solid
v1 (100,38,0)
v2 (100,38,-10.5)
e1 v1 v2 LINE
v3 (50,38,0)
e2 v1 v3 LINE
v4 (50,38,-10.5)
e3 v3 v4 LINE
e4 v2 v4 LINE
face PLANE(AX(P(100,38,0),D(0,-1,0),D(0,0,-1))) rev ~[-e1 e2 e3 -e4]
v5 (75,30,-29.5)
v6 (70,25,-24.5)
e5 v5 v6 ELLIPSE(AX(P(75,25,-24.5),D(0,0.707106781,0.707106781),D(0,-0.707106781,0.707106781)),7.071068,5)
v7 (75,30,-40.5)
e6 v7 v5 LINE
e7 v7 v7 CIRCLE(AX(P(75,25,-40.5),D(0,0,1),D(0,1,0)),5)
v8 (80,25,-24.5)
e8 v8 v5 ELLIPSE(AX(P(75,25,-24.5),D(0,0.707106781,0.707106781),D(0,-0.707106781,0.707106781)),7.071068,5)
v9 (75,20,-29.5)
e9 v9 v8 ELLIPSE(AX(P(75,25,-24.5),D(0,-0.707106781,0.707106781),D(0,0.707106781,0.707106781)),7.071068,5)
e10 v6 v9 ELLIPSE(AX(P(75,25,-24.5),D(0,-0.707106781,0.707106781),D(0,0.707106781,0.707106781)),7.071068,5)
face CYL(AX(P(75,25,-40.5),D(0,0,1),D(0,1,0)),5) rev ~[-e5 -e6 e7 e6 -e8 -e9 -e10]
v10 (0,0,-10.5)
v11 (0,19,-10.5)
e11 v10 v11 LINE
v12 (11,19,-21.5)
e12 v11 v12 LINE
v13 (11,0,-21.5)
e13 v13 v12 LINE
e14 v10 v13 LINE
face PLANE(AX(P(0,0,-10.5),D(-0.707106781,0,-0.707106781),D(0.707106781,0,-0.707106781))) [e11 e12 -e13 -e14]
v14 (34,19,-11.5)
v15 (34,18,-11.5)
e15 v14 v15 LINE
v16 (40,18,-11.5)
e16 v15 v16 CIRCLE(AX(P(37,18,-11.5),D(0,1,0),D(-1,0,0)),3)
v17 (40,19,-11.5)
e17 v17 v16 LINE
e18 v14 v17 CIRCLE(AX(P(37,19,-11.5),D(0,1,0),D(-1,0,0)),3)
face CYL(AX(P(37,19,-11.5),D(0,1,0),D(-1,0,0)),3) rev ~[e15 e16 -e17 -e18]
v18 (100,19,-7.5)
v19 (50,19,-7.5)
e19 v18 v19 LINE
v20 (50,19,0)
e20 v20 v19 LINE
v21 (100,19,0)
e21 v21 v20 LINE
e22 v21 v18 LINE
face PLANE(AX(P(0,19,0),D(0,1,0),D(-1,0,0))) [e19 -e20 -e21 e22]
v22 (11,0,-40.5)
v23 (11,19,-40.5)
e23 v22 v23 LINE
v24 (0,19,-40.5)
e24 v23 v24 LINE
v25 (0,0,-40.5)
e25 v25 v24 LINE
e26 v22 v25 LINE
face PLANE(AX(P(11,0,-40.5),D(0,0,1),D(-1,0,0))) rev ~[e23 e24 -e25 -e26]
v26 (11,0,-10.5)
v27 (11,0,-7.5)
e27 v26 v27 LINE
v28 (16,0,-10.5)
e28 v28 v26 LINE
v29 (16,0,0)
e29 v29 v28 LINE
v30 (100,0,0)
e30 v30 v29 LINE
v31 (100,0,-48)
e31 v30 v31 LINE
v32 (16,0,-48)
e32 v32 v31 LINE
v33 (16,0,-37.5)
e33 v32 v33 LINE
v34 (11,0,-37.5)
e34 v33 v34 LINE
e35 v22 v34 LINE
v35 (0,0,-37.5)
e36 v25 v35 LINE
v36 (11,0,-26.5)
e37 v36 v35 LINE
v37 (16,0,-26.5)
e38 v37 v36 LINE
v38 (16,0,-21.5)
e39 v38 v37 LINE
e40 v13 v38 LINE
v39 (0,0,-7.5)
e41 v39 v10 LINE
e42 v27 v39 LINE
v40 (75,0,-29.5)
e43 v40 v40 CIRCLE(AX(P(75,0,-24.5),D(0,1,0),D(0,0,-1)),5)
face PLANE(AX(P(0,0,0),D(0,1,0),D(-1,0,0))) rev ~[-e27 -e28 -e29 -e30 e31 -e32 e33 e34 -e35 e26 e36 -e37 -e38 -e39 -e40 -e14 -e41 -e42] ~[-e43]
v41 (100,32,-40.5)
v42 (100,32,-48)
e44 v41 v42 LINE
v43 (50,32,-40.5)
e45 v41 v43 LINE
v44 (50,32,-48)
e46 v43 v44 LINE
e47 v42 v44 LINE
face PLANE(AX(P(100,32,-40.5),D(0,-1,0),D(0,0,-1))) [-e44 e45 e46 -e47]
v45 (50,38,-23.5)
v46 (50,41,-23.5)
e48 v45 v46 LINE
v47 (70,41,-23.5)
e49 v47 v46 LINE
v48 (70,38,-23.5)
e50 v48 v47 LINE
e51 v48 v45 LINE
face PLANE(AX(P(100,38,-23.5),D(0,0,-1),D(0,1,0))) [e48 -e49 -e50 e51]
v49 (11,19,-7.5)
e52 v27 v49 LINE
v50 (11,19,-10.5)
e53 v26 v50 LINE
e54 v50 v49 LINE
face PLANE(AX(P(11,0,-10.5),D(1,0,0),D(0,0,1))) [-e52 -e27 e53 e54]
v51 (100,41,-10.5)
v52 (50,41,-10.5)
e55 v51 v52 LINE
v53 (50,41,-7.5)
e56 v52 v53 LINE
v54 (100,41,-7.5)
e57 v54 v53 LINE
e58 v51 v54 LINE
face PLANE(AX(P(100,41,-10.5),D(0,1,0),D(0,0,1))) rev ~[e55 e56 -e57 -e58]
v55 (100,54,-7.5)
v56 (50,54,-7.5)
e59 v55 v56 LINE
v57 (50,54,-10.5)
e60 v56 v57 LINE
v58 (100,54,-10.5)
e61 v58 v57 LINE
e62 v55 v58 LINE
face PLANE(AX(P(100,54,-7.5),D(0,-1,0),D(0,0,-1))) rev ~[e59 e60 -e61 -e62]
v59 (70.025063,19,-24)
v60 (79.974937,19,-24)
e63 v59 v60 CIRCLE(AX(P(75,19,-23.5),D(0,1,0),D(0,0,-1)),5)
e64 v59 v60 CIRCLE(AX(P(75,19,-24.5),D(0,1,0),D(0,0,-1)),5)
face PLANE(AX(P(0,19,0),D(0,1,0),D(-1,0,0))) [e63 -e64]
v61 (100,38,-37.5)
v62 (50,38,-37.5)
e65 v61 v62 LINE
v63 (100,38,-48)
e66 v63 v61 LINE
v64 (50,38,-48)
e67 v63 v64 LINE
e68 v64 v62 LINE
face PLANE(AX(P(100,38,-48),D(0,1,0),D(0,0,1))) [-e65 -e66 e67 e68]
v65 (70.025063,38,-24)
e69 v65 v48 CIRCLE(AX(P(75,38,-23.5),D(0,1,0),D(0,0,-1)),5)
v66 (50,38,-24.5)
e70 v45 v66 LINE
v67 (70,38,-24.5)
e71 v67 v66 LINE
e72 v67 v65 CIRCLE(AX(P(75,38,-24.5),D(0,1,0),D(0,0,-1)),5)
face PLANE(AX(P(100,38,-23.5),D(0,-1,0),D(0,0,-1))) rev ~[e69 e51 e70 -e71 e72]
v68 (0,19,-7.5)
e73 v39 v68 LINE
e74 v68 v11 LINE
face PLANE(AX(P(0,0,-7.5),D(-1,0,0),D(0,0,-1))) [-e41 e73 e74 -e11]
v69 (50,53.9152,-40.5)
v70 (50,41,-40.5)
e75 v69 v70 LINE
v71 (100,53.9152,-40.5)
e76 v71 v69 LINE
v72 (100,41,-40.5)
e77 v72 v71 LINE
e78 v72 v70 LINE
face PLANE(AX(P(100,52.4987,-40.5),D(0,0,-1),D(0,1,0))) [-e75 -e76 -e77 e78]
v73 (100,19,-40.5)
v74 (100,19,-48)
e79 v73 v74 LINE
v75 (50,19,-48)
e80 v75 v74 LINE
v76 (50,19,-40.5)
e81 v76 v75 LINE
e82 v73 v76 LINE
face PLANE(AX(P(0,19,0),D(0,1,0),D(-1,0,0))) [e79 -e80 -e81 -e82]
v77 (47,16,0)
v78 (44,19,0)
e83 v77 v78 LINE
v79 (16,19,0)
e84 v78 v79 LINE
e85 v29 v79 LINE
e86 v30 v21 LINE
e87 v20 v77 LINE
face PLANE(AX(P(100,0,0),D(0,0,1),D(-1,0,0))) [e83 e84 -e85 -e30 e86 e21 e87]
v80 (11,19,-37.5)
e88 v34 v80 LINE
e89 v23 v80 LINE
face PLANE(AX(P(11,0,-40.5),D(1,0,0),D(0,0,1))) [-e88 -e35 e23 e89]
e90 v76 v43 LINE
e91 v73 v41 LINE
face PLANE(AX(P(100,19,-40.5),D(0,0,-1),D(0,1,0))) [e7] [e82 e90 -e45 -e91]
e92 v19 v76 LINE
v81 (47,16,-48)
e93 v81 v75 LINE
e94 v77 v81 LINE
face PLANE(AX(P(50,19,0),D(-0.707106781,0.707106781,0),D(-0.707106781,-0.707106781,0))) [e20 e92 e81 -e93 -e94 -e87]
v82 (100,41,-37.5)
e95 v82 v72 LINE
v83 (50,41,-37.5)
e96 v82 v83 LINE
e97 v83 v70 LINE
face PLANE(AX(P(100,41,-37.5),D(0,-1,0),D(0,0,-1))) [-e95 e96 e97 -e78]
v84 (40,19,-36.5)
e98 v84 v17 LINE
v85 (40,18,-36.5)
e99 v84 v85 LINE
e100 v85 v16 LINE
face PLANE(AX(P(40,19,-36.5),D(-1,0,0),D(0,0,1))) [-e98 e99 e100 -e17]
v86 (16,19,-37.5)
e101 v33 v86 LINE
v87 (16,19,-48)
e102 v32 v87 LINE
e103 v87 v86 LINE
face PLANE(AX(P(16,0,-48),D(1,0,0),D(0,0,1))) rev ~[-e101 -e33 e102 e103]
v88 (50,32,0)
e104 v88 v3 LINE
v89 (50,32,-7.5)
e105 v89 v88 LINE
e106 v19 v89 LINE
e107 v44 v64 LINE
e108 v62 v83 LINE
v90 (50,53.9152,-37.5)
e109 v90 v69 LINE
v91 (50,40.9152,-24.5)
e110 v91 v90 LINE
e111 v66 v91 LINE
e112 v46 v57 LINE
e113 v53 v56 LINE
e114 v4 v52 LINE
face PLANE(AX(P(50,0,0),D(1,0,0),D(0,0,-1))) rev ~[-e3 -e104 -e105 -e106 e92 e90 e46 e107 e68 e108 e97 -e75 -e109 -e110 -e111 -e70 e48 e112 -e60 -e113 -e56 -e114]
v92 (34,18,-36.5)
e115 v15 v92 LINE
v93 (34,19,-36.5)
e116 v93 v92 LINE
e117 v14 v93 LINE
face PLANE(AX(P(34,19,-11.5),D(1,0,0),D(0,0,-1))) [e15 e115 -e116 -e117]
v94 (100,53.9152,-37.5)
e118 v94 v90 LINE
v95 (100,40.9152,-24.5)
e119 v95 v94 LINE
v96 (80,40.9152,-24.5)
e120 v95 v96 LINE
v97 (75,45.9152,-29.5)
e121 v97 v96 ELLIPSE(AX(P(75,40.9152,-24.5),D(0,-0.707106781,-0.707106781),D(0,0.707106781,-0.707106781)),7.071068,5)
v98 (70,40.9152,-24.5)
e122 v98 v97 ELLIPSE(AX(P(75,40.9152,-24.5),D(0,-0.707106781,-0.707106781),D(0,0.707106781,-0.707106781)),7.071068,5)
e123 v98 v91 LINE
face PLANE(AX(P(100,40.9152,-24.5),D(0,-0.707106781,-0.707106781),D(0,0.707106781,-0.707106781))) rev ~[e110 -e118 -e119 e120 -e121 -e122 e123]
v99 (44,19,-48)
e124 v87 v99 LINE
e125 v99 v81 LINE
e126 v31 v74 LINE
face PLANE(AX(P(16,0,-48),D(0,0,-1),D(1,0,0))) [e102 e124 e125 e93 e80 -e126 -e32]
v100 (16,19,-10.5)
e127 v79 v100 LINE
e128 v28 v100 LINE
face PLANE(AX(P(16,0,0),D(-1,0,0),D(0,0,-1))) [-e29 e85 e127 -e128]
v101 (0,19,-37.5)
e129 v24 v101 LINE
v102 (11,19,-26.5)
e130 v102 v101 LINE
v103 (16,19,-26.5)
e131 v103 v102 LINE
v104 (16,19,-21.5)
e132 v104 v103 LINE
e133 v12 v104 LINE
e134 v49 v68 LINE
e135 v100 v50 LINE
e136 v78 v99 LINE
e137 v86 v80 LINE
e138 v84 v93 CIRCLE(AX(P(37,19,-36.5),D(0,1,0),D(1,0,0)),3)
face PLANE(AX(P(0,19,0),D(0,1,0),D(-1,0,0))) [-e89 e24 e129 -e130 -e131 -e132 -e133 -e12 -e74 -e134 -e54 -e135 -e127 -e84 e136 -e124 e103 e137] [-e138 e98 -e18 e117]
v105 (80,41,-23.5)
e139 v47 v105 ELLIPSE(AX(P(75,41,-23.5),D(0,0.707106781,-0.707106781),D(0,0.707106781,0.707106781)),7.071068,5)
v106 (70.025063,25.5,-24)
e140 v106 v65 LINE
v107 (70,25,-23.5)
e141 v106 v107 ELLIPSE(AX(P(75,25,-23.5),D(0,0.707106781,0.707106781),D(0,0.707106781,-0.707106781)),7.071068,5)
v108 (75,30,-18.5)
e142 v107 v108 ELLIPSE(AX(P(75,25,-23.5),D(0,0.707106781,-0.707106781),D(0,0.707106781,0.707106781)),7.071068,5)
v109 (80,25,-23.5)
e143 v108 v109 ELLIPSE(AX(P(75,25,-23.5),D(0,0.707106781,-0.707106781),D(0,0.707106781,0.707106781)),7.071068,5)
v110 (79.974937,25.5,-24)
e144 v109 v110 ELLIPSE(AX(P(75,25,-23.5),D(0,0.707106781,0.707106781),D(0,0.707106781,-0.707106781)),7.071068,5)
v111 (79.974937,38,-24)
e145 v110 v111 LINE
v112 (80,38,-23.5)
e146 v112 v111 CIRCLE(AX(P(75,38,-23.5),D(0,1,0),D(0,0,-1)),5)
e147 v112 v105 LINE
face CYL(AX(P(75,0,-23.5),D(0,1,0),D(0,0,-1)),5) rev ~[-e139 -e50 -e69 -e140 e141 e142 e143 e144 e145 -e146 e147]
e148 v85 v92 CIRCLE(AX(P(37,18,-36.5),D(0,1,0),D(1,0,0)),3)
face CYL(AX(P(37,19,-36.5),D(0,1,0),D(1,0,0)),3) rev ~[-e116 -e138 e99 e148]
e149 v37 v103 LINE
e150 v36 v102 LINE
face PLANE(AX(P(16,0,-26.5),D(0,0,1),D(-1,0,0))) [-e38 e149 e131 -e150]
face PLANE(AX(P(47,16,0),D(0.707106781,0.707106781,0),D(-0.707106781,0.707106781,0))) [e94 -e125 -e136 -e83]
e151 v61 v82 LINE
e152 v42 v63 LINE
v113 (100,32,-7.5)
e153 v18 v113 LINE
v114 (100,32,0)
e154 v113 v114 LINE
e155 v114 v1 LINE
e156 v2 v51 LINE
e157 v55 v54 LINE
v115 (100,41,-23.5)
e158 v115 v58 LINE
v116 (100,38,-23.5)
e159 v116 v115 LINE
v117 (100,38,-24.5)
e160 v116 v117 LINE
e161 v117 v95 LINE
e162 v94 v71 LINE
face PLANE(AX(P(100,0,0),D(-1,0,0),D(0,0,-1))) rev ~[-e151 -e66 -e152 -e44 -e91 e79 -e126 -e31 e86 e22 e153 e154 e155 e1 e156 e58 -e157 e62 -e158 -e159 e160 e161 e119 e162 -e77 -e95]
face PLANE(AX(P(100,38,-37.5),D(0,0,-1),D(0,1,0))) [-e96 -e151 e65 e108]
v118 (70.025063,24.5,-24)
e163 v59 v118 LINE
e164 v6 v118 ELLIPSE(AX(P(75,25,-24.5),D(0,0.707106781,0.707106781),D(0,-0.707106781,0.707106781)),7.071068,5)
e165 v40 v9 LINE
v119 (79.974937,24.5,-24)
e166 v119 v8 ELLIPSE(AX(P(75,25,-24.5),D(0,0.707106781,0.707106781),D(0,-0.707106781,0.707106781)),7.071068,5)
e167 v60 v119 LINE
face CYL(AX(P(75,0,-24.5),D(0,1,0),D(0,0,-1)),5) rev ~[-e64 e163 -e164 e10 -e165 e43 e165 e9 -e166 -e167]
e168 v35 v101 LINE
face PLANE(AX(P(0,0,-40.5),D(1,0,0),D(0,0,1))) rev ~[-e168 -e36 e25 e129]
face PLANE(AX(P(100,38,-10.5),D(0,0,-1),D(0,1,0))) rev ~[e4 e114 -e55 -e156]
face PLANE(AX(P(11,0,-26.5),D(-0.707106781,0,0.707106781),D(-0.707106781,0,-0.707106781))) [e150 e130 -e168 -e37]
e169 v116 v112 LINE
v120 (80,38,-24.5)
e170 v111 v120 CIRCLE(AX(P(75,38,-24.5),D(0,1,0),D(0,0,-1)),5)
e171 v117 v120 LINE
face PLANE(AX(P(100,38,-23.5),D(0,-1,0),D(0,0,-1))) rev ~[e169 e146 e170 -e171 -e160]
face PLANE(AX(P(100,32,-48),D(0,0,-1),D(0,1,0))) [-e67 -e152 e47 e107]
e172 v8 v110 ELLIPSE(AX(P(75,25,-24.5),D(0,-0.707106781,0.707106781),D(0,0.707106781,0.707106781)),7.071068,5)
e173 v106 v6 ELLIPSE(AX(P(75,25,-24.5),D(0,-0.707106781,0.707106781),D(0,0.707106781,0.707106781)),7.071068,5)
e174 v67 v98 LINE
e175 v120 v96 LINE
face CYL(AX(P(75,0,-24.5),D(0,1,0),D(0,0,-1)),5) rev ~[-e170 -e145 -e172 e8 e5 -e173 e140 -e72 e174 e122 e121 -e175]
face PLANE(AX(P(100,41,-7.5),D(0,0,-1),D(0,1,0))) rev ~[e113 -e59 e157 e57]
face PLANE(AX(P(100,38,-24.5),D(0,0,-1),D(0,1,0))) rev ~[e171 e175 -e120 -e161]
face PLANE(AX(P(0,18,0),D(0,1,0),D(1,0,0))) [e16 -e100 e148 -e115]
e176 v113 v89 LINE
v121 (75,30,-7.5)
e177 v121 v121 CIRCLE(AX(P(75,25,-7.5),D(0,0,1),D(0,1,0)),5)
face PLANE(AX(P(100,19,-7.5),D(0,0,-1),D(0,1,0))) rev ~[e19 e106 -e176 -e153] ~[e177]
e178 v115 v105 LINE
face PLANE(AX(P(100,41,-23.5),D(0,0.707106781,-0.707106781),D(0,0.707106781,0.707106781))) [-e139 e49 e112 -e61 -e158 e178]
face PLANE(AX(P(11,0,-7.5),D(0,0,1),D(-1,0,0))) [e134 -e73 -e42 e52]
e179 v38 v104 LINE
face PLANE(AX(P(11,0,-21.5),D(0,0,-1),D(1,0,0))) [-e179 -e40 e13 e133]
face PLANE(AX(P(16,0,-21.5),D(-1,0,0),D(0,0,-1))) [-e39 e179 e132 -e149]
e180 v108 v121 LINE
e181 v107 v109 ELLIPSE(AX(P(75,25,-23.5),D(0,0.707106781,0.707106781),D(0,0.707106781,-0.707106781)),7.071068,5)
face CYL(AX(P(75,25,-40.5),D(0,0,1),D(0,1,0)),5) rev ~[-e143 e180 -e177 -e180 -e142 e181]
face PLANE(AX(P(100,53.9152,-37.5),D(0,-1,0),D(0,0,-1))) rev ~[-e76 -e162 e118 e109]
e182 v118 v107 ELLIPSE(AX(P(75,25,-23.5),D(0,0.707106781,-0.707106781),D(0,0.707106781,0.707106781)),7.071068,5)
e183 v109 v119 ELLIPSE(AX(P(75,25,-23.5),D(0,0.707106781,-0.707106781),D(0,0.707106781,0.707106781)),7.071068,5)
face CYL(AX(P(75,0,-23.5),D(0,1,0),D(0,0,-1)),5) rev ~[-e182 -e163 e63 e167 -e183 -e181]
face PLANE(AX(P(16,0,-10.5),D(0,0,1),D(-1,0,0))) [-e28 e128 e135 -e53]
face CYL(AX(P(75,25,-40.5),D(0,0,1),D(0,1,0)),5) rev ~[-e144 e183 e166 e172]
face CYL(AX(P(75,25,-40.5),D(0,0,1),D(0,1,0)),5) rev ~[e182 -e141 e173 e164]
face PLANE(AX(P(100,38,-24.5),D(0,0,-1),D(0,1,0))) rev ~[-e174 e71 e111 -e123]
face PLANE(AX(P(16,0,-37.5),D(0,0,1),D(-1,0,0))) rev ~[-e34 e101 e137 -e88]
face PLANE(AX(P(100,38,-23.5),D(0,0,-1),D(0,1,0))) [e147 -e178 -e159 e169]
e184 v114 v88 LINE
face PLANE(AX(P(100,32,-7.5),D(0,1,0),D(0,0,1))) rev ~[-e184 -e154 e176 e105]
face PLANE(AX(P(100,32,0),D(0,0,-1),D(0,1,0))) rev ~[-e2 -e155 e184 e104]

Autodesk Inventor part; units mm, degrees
ref_plane "YZ Plane" through (0, 0, 0) normal (1, 0, 0) x (0, 1, 0)
ref_plane "XZ Plane" through (0, 0, 0) normal (0, 1, 0) x (-1, 0, 0)
ref_plane "XY Plane" through (0, 0, 0) normal (0, 0, 1) x (1, 0, 0)
sketch "Szkic1" plane through (0, 0, 0) normal (0, 1, 0) x (-1, 0, 0)
  line L0 (-100, 0) -> (-100, -48)
  line L1 (-11, -7.5) -> (0, -7.5)
  line L2 (-11, -40.5) -> (0, -40.5)
  line L3 (-16, 0) -> (-16, -10.5)
  line L4 (-16, -10.5) -> (-11, -10.5)
  line L5 (-16, -48) -> (-16, -37.5)
  line L6 (-16, -37.5) -> (-11, -37.5)
  line L7 (-11, -21.5) -> (-16, -21.5)
  line L8 (-16, -21.5) -> (-16, -26.5)
  line L9 (-16, -26.5) -> (-11, -26.5)
  line L10 (0, -7.5) -> (0, -14.4549)
  line L11 (0, -40.5) -> (0, -37.5)
  line L12 (0, -7.5) -> (0, -10.5)
  line L13 (0, -10.5) -> (-11, -21.5)
  line L14 (-11, -26.5) -> (0, -37.5)
  line L15 (-100, 0) -> (-100, -48)
  line L16 (-100, 0) -> (-16, 0)
  line L17 (-16, -10.5) -> (-16, 0)
  line L18 (-16, -10.5) -> (-11, -10.5)
  line L19 (-11, -10.5) -> (-11, -7.5)
  line L20 (-11, -7.5) -> (0, -7.5)
  line L21 (0, -7.5) -> (0, -10.5)
  line L22 (0, -10.5) -> (-11, -21.5)
  line L23 (-11, -21.5) -> (-16, -21.5)
  line L24 (-16, -21.5) -> (-16, -26.5)
  line L25 (-16, -26.5) -> (-11, -26.5)
  line L26 (-11, -26.5) -> (0, -37.5)
  line L27 (0, -37.5) -> (0, -40.5)
  line L28 (0, -40.5) -> (-11, -40.5)
  line L29 (-11, -40.5) -> (-11, -37.5)
  line L30 (-11, -37.5) -> (-16, -37.5)
  line L31 (-16, -37.5) -> (-16, -48)
  line L32 (-16, -48) -> (-100, -48)
  line L33 (-100, -48) -> (-100, 0)
  point P0 (0, 0)
  dimension "d1" = 48
  dimension "d2" = 11
  dimension "d5" = 5
  dimension "d6" = 10.5
  dimension "d7" = 10.5
  dimension "d8" = 5
  dimension "d10" = 11
  dimension "d11" = 5
  dimension "d12" = 5
  dimension "d15" = 3
  dimension "d16" = 3
  dimension "d77" = 90
ref_plane "Płaszczyzna konstrukcyjna8" through (100, 0, -48) normal (0, 0, -1) x (-1, 0, 0)
ref_plane "Płaszczyzna konstrukcyjna9" through (100, 0, 0) normal (1, 0, 0) x (0, 0, -1)
sketch "Szkic6" plane through (100, 0, 0) normal (1, 0, 0) x (0, 0, -1)
  line L0 (0, 19) -> (48, 19) projected
  line L1 (7.5, 19) -> (40.5, 19)
  line L2 (7.5, 19) -> (7.5, 32)
  line L3 (7.5, 32) -> (0, 32)
  line L4 (0, 32) -> (0, 38)
  line L5 (0, 38) -> (10.5, 38)
  line L6 (10.5, 38) -> (10.5, 41)
  line L7 (10.5, 41) -> (7.5, 41)
  line L8 (0, 0) -> (48, 0) projected
  line L9 (40.5, 19) -> (40.5, 32)
  line L10 (40.5, 32) -> (48, 32)
  line L11 (48, 32) -> (48, 38)
  line L12 (48, 38) -> (37.5, 38)
  line L13 (37.5, 38) -> (37.5, 41)
  line L14 (37.5, 41) -> (40.5, 41)
  line L15 (24.0424, 40.4576) -> (10.5, 54)
  line L16 (23.97, 39) -> (43.1219, 39) construction
  line L17 (24.0424, 40.4576) -> (37.5, 53.9152)
  line L18 (7.5, 41) -> (7.5, 52.5)
  line L19 (7.5, 54) -> (10.5, 54)
  line L20 (37.5, 53.9152) -> (40.5, 53.9152)
  line L21 (40.5, 52.4987) -> (40.5, 41)
  line L22 (23.5, 38) -> (24.5, 38)
  line L23 (23.5, 38) -> (23.5, 41)
  line L24 (24.5, 38) -> (24.5, 41)
  line L25 (7.5, 52.5) -> (7.5, 54)
  line L26 (40.5, 52.4987) -> (40.5, 53.9152)
  point P0 (10.5, 39.5)
  point P1 (24.5, 40.9152)
  point P2 (39, 53.9152)
  dimension "d27" = 33
  dimension "d28" = 7.5
  dimension "d30" = 10.5
  dimension "d32" = 38
  dimension "d33" = 6
  dimension "d36" = 10.5
  dimension "d49" = 3
  dimension "d50" = 3
  dimension "d51" = 135
  dimension "d52" = 1
  dimension "d54" = 3
  dimension "d55" = 13
  dimension "d56" = 3
  dimension "d57" = 3
  dimension "d74" = 53.9152
  dimension "d75" = 13
extrude "Wyciągnięcie proste4" add sketch "Szkic6" against normal blind 50 contours L2 L3 L4 L5 L6 L7 L18 L25 L19 L15 L23 L22 L24 L17 L20 L26 L21 L14 L13 L12 L11 L10 L9 L0
ref_plane "Płaszczyzna konstrukcyjna4" through (0, 0, 0) normal (0, -1, 0) x (1, 0, 0)
sketch "Szkic8" plane through (0, 0, 0) normal (0, -1, 0) x (1, 0, 0)
  line L0 (100, -23.5) -> (50, -23.5) projected
  point P0 (0, 0)
  point P1 (75, -23.5)
hole "Otwór1" at (75, 0, -23.5) direction (0, 1, 0) diameter 10 end through all
ref_plane "Płaszczyzna konstrukcyjna10" through (100, 19, -40.5) normal (0, 0, -1) x (-1, 0, 0)
sketch "Szkic9" plane through (100, 19, -40.5) normal (0, 0, -1) x (-1, 0, 0)
  line L0 (0, -19) -> (100, -19) projected
  point P0 (25, 6)
  point P1 (84, -19)
  dimension "d76" = 25
hole "Otwór2" at (75, 25, -40.5) direction (0, 0, 1) diameter 10 end through all
extrude "Wyciągnięcie proste5" add sketch "Szkic1" along normal blind 19
ref_plane "Płaszczyzna konstrukcyjna12" through (0, 19, 0) normal (0, 1, 0) x (1, 0, 0)
sketch "Szkic10" plane through (0, 19, 0) normal (0, 1, 0) x (1, 0, 0)
  line L0 (37, 36.5) -> (37, 11.5) construction
  line L1 (40, 36.5) -> (40, 11.5)
  line L2 (34, 11.5) -> (34, 36.5)
  arc A0 (40, 36.5) -> (34, 36.5) centre (37, 36.5) ccw
  arc A1 (34, 11.5) -> (40, 11.5) centre (37, 11.5) ccw
  line L3 (100, 57.6) -> (100, -9.6) projected
  line L4 (16, 0) -> (100, 0) projected
  point P0 (0, 0)
  point P1 (37, 24)
  dimension "d80" = 25
  dimension "d82" = 63
  dimension "d83" = 3
  dimension "d84" = 11.5
extrude "Wyciągnięcie proste6" cut sketch "Szkic10" against normal blind 1
sketch "Szkic11" plane through (16, 0, 0) normal (0, 0, 1) x (1, 0, 0)
  line L0 (34, 19) -> (31, 16)
  line L1 (31, 16) -> (28, 19)
  line L2 (28, 19) -> (34, 19)
  line L3 (84, 19) -> (0, 19) projected
  point P0 (-16, 0)
  dimension "d89" = 3
extrude "Wyciągnięcie proste7" cut sketch "Szkic11" against normal through all
sketch "Szkic12" plane through (0, 0, 0) normal (0, -1, 0) x (1, 0, 0)
  point P0 (0, 0)
  point P1 (75, -24.5)
hole "Otwór3" at (75, 0, -24.5) direction (0, 1, 0) diameter 10 end through all
